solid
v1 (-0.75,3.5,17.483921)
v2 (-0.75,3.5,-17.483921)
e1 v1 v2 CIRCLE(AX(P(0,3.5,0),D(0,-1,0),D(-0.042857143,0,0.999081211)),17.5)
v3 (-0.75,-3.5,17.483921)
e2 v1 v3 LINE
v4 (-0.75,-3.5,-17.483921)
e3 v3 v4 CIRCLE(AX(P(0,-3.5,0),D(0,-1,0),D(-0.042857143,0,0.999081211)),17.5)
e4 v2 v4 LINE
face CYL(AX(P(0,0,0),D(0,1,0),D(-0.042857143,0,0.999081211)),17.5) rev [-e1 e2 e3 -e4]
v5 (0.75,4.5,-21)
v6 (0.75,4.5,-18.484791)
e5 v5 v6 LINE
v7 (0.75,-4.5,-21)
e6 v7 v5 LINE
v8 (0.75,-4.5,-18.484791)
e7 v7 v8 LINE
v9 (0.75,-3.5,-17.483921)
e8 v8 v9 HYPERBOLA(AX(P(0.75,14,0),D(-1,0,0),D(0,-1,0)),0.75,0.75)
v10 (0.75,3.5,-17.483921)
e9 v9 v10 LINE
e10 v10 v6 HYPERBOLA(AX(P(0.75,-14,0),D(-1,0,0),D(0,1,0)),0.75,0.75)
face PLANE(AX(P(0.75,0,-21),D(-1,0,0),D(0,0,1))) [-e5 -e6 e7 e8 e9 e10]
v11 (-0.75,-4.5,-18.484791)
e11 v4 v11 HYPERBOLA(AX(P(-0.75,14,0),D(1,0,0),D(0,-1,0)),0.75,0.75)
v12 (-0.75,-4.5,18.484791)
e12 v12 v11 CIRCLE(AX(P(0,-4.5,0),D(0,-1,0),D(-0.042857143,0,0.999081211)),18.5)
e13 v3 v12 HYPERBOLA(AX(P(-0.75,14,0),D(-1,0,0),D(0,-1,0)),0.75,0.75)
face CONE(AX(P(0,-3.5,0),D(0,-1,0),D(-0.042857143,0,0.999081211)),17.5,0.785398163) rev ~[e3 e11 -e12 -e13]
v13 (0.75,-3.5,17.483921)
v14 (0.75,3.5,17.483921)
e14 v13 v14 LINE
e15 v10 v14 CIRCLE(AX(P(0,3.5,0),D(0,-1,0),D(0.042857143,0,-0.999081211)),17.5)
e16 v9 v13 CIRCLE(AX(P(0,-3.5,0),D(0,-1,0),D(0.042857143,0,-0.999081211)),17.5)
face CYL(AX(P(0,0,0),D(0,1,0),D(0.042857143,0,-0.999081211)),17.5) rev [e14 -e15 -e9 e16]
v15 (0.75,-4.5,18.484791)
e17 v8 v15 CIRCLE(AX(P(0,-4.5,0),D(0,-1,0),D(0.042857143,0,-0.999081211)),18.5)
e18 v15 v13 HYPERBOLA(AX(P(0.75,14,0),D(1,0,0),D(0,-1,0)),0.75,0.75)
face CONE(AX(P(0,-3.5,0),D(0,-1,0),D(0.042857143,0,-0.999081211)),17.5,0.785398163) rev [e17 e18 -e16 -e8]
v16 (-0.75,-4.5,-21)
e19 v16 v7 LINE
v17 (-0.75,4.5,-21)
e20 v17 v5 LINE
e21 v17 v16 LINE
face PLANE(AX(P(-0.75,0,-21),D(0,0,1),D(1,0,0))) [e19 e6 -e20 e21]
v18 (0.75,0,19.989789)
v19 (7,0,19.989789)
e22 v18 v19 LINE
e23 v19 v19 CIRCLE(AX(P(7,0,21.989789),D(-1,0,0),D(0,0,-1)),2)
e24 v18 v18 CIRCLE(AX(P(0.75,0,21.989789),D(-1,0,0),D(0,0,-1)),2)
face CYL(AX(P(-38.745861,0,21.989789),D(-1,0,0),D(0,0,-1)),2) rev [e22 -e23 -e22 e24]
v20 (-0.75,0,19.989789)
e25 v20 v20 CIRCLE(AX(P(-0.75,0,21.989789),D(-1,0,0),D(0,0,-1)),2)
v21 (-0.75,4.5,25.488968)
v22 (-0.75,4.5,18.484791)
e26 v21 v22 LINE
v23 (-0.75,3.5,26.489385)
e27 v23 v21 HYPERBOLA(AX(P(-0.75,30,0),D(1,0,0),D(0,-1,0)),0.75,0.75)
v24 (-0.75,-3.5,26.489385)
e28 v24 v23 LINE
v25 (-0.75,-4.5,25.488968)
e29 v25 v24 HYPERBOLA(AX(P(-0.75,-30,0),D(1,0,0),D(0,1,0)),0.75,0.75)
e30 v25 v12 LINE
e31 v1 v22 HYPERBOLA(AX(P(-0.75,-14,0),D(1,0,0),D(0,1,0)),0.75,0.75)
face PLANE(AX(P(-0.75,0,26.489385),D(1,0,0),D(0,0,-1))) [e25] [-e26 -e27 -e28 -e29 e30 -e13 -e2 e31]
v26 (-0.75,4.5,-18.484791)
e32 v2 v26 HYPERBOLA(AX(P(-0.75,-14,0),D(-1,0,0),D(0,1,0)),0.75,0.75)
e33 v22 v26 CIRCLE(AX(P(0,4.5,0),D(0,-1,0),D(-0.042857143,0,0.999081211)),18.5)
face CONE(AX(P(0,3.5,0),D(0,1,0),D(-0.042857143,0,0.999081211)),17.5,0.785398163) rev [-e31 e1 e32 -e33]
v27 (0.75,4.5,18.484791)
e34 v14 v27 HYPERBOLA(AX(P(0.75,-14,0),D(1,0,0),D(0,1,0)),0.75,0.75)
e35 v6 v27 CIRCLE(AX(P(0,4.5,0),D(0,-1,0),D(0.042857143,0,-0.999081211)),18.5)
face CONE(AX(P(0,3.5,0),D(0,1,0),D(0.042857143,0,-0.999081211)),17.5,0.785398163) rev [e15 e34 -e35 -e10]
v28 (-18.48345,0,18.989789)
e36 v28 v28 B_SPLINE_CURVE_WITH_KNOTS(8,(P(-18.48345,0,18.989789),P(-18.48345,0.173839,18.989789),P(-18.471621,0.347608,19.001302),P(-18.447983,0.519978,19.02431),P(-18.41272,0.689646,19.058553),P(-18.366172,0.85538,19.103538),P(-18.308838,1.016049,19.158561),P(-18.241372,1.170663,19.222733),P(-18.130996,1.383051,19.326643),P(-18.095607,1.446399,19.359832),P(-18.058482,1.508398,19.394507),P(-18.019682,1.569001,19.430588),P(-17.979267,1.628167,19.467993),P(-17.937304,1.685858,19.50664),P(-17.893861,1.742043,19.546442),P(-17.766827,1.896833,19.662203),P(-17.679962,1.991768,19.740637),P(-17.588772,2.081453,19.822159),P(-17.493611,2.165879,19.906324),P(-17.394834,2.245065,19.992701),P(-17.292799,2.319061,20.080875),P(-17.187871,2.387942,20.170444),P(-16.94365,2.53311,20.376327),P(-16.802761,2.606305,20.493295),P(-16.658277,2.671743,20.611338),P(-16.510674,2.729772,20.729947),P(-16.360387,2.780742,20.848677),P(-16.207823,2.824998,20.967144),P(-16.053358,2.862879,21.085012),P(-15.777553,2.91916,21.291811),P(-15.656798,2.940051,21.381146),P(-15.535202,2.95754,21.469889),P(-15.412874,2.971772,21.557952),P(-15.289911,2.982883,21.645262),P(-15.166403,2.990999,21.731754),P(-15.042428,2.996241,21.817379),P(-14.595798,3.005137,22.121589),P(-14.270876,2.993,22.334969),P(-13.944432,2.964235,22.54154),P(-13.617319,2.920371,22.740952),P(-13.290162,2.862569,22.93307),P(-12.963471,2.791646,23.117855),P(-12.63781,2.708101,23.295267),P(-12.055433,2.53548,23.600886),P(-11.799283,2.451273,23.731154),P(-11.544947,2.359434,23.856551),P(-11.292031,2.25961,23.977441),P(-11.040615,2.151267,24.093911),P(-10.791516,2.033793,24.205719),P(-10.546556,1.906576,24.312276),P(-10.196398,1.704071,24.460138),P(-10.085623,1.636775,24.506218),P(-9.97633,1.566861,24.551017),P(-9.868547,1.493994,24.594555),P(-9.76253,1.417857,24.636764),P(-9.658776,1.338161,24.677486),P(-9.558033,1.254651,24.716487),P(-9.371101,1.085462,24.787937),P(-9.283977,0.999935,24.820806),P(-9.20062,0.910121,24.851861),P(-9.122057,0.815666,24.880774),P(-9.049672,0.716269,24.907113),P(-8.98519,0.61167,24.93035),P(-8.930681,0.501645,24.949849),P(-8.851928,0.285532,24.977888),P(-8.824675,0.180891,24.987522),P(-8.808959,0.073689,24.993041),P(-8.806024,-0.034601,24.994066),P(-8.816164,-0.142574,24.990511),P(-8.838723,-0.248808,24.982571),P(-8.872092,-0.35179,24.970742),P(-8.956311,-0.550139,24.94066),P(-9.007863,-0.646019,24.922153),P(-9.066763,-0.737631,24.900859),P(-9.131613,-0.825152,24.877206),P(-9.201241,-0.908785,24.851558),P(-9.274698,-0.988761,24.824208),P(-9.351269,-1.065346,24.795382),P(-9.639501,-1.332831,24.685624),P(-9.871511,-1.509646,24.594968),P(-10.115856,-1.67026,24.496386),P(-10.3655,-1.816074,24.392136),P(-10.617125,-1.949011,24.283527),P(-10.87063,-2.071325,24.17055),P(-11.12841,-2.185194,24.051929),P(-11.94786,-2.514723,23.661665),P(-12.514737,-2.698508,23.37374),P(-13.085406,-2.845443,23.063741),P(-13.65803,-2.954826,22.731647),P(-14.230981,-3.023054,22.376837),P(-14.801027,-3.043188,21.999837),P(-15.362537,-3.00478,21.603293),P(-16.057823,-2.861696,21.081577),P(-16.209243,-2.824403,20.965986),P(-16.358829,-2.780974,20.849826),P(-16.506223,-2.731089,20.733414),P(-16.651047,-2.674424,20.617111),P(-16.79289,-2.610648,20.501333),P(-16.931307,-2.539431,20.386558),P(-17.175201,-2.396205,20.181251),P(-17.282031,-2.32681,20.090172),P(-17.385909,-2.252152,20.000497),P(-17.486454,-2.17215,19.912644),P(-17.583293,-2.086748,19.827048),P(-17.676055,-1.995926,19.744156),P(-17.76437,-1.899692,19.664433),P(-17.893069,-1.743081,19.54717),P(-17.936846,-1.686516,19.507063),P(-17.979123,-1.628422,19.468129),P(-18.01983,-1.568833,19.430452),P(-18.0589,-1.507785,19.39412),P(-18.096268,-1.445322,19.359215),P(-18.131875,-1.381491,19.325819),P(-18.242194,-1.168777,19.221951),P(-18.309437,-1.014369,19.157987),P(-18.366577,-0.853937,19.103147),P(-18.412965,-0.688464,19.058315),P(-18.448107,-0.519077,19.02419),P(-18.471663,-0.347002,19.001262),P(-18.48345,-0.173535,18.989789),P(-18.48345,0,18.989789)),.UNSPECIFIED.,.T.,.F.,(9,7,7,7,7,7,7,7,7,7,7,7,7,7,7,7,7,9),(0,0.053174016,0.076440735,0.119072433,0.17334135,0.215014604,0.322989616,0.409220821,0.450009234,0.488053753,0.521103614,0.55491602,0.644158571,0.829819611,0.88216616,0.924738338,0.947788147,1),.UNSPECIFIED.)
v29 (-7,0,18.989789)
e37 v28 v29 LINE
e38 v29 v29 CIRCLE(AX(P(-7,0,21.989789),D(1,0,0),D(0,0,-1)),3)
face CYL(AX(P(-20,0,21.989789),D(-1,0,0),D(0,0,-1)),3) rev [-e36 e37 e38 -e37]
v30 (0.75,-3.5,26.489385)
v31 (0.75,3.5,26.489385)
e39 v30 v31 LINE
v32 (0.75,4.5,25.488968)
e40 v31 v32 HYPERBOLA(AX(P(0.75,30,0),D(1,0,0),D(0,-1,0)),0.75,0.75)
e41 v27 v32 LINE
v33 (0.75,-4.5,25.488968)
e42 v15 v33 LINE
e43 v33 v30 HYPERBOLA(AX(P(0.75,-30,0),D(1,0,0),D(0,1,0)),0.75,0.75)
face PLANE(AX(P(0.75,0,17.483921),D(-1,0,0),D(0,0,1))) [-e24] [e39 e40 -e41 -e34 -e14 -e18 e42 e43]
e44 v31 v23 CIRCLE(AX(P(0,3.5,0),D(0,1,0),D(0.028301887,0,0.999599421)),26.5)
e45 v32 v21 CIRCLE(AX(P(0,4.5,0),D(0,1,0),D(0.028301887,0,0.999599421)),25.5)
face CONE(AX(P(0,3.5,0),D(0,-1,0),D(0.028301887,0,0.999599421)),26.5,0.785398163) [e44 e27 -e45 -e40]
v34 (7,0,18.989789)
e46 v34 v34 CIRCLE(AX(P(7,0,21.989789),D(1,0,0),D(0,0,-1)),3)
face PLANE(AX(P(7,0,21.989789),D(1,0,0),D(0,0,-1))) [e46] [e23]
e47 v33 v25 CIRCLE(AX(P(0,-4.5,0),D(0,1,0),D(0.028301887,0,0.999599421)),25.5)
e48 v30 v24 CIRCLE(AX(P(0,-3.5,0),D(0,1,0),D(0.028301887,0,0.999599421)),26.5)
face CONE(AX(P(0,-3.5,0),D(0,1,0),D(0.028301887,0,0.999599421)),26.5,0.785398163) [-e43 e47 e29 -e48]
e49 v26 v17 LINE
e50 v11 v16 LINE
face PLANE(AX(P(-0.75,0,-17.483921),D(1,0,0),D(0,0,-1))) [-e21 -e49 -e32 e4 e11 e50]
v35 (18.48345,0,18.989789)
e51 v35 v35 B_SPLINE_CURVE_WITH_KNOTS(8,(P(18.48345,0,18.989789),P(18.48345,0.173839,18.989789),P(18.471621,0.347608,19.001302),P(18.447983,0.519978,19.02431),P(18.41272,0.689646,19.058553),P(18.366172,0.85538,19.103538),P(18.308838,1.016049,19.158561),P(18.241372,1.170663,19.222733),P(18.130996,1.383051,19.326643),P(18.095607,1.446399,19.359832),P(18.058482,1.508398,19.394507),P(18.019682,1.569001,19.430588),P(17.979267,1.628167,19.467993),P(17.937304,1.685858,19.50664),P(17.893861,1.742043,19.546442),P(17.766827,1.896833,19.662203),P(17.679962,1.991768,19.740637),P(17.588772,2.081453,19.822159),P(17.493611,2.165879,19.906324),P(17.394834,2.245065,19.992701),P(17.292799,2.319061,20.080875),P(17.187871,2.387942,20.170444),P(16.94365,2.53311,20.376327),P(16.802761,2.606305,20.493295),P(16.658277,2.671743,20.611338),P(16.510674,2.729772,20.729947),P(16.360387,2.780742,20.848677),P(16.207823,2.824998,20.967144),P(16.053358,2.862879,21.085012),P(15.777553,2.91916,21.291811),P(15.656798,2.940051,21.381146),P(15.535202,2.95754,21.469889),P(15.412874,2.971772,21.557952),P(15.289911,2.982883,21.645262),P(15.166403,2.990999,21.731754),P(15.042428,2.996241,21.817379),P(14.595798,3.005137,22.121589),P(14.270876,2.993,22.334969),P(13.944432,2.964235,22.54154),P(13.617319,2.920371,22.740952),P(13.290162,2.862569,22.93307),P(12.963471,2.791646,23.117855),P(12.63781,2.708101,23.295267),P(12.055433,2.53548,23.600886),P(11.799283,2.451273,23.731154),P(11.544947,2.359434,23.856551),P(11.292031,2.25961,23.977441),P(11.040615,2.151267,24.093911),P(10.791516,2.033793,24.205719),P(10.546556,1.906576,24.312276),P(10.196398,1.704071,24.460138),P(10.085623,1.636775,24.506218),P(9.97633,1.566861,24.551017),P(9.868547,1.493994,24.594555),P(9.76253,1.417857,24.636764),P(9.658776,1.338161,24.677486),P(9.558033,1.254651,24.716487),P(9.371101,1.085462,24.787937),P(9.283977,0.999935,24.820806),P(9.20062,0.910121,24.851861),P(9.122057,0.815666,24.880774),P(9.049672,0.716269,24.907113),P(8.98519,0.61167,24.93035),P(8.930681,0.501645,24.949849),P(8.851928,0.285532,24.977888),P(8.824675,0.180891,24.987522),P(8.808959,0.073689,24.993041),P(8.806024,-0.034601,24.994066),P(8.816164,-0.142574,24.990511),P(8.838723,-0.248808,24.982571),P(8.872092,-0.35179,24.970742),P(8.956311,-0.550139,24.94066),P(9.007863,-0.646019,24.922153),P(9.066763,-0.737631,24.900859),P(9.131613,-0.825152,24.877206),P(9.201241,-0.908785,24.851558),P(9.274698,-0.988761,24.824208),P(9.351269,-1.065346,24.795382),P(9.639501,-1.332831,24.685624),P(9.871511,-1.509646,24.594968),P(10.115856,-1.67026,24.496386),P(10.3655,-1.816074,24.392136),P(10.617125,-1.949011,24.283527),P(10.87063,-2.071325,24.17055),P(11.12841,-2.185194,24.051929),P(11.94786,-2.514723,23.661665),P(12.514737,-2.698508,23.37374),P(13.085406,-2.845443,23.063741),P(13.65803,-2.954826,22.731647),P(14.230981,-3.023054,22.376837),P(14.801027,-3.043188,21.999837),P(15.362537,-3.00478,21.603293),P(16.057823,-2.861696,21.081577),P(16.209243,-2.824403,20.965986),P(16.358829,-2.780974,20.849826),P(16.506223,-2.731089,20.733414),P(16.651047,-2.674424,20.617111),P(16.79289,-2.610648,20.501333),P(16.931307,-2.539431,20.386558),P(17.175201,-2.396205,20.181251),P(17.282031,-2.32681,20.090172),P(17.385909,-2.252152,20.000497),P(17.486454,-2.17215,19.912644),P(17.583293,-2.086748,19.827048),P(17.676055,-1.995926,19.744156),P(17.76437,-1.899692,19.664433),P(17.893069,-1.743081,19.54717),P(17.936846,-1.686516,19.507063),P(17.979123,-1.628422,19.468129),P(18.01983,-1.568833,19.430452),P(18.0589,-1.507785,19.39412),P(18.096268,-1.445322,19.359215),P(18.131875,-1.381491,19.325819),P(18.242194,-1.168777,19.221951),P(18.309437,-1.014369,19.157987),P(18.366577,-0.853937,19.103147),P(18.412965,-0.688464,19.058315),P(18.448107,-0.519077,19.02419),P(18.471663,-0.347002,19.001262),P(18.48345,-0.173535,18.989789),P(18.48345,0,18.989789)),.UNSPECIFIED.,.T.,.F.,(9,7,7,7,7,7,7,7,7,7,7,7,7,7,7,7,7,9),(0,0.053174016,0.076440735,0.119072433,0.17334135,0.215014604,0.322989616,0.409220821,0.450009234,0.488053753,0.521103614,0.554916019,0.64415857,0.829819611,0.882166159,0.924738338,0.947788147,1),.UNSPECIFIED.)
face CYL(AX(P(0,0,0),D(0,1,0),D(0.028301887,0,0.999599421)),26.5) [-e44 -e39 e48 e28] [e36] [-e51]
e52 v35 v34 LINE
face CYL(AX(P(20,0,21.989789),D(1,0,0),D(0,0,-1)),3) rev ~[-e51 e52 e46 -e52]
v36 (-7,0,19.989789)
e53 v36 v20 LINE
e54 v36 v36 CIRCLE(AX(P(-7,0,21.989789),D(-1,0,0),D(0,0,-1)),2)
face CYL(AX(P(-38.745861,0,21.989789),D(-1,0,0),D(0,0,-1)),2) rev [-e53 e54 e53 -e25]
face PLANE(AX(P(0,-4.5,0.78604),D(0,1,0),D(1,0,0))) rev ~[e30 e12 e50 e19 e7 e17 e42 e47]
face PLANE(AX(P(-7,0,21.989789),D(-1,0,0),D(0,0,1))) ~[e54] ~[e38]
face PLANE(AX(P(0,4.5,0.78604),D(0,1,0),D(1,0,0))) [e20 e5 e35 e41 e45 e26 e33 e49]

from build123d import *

# Parameters (mm, degrees)
BOSS_EXTRUDE1_DEPTH     = 4.5
CHAMFER2_SIZE           = 1
CHAMFER3_SIZE           = 1
CUT_EXTRUDE1_DEPTH      = 38.7458607
CUT_EXTRUDE1_DEPTH_BACK = 38.7458607
SKETCH2_R               = 2
SKETCH3_R               = 3
CUT_EXTRUDE4_DEPTH      = 13


with BuildPart() as part:
    # Sketch1 → Boss-Extrude1 (new, symmetric)
    with BuildSketch(Plane(origin=(0, 0, 0), x_dir=(1, 0, 0), z_dir=(0, 1, 0))):
        with BuildLine():
            Line((-0.75, 21), (0.75, 21))
            Line((0.75, 21), (0.75, 17.483921185))
            ThreePointArc((0.75, 17.483921185), (17.5, 0), (0.75, -17.483921185))
            Line((0.75, -17.483921185), (0.75, -26.489384666))
            ThreePointArc((0.75, -26.489384666), (0, 26.5), (-0.75, -26.489384666))
            Line((-0.75, -26.489384666), (-0.75, -17.483921185))
            ThreePointArc((-0.75, -17.483921185), (-17.5, 0), (-0.75, 17.483921185))
            Line((-0.75, 17.483921185), (-0.75, 21))
        make_face()
    extrude(amount=BOSS_EXTRUDE1_DEPTH, both=True)

    # Chamfer2
    chamfer2_edges = [part.edges().sort_by_distance(p)[0] for p in [
        (0, 4.5, -26.5),
        (-17.5, 4.5, 0),
        (17.5, 4.5, 0),
    ]]
    chamfer(chamfer2_edges, length=CHAMFER2_SIZE)

    # Chamfer3
    chamfer3_edges = [part.edges().sort_by_distance(p)[0] for p in [
        (0, -4.5, -26.5),
        (17.5, -4.5, 0),
        (-17.5, -4.5, 0),
    ]]
    chamfer(chamfer3_edges, length=CHAMFER3_SIZE)

    # Sketch2 → Cut-Extrude1 (cut, two sides: drawn at the far end of the back side and taken through both)
    with BuildSketch(Plane(origin=(0, 0, 0), x_dir=(0, 0, -1), z_dir=(1, 0, 0)).offset(-CUT_EXTRUDE1_DEPTH_BACK)):
        with Locations((-21.989789185, 0)):
            Circle(SKETCH2_R)
    extrude(amount=CUT_EXTRUDE1_DEPTH + CUT_EXTRUDE1_DEPTH_BACK, mode=Mode.SUBTRACT)

    # Sketch3 → Cut-Extrude4 (cut)
    with BuildSketch(Plane(origin=(20, 0, 0), x_dir=(0, 0, -1), z_dir=(1, 0, 0))):
        with Locations((-21.989789185, 0)):
            Circle(SKETCH3_R)
    cut_extrude4 = extrude(amount=-CUT_EXTRUDE4_DEPTH, mode=Mode.SUBTRACT)

    # Mirror3: Cut-Extrude4 across plane
    add(cut_extrude4.mirror(Plane(origin=(0, 0, 0), x_dir=(0, 0, 1), z_dir=(1, 0, 0))), mode=Mode.SUBTRACT)


solid = part.part
